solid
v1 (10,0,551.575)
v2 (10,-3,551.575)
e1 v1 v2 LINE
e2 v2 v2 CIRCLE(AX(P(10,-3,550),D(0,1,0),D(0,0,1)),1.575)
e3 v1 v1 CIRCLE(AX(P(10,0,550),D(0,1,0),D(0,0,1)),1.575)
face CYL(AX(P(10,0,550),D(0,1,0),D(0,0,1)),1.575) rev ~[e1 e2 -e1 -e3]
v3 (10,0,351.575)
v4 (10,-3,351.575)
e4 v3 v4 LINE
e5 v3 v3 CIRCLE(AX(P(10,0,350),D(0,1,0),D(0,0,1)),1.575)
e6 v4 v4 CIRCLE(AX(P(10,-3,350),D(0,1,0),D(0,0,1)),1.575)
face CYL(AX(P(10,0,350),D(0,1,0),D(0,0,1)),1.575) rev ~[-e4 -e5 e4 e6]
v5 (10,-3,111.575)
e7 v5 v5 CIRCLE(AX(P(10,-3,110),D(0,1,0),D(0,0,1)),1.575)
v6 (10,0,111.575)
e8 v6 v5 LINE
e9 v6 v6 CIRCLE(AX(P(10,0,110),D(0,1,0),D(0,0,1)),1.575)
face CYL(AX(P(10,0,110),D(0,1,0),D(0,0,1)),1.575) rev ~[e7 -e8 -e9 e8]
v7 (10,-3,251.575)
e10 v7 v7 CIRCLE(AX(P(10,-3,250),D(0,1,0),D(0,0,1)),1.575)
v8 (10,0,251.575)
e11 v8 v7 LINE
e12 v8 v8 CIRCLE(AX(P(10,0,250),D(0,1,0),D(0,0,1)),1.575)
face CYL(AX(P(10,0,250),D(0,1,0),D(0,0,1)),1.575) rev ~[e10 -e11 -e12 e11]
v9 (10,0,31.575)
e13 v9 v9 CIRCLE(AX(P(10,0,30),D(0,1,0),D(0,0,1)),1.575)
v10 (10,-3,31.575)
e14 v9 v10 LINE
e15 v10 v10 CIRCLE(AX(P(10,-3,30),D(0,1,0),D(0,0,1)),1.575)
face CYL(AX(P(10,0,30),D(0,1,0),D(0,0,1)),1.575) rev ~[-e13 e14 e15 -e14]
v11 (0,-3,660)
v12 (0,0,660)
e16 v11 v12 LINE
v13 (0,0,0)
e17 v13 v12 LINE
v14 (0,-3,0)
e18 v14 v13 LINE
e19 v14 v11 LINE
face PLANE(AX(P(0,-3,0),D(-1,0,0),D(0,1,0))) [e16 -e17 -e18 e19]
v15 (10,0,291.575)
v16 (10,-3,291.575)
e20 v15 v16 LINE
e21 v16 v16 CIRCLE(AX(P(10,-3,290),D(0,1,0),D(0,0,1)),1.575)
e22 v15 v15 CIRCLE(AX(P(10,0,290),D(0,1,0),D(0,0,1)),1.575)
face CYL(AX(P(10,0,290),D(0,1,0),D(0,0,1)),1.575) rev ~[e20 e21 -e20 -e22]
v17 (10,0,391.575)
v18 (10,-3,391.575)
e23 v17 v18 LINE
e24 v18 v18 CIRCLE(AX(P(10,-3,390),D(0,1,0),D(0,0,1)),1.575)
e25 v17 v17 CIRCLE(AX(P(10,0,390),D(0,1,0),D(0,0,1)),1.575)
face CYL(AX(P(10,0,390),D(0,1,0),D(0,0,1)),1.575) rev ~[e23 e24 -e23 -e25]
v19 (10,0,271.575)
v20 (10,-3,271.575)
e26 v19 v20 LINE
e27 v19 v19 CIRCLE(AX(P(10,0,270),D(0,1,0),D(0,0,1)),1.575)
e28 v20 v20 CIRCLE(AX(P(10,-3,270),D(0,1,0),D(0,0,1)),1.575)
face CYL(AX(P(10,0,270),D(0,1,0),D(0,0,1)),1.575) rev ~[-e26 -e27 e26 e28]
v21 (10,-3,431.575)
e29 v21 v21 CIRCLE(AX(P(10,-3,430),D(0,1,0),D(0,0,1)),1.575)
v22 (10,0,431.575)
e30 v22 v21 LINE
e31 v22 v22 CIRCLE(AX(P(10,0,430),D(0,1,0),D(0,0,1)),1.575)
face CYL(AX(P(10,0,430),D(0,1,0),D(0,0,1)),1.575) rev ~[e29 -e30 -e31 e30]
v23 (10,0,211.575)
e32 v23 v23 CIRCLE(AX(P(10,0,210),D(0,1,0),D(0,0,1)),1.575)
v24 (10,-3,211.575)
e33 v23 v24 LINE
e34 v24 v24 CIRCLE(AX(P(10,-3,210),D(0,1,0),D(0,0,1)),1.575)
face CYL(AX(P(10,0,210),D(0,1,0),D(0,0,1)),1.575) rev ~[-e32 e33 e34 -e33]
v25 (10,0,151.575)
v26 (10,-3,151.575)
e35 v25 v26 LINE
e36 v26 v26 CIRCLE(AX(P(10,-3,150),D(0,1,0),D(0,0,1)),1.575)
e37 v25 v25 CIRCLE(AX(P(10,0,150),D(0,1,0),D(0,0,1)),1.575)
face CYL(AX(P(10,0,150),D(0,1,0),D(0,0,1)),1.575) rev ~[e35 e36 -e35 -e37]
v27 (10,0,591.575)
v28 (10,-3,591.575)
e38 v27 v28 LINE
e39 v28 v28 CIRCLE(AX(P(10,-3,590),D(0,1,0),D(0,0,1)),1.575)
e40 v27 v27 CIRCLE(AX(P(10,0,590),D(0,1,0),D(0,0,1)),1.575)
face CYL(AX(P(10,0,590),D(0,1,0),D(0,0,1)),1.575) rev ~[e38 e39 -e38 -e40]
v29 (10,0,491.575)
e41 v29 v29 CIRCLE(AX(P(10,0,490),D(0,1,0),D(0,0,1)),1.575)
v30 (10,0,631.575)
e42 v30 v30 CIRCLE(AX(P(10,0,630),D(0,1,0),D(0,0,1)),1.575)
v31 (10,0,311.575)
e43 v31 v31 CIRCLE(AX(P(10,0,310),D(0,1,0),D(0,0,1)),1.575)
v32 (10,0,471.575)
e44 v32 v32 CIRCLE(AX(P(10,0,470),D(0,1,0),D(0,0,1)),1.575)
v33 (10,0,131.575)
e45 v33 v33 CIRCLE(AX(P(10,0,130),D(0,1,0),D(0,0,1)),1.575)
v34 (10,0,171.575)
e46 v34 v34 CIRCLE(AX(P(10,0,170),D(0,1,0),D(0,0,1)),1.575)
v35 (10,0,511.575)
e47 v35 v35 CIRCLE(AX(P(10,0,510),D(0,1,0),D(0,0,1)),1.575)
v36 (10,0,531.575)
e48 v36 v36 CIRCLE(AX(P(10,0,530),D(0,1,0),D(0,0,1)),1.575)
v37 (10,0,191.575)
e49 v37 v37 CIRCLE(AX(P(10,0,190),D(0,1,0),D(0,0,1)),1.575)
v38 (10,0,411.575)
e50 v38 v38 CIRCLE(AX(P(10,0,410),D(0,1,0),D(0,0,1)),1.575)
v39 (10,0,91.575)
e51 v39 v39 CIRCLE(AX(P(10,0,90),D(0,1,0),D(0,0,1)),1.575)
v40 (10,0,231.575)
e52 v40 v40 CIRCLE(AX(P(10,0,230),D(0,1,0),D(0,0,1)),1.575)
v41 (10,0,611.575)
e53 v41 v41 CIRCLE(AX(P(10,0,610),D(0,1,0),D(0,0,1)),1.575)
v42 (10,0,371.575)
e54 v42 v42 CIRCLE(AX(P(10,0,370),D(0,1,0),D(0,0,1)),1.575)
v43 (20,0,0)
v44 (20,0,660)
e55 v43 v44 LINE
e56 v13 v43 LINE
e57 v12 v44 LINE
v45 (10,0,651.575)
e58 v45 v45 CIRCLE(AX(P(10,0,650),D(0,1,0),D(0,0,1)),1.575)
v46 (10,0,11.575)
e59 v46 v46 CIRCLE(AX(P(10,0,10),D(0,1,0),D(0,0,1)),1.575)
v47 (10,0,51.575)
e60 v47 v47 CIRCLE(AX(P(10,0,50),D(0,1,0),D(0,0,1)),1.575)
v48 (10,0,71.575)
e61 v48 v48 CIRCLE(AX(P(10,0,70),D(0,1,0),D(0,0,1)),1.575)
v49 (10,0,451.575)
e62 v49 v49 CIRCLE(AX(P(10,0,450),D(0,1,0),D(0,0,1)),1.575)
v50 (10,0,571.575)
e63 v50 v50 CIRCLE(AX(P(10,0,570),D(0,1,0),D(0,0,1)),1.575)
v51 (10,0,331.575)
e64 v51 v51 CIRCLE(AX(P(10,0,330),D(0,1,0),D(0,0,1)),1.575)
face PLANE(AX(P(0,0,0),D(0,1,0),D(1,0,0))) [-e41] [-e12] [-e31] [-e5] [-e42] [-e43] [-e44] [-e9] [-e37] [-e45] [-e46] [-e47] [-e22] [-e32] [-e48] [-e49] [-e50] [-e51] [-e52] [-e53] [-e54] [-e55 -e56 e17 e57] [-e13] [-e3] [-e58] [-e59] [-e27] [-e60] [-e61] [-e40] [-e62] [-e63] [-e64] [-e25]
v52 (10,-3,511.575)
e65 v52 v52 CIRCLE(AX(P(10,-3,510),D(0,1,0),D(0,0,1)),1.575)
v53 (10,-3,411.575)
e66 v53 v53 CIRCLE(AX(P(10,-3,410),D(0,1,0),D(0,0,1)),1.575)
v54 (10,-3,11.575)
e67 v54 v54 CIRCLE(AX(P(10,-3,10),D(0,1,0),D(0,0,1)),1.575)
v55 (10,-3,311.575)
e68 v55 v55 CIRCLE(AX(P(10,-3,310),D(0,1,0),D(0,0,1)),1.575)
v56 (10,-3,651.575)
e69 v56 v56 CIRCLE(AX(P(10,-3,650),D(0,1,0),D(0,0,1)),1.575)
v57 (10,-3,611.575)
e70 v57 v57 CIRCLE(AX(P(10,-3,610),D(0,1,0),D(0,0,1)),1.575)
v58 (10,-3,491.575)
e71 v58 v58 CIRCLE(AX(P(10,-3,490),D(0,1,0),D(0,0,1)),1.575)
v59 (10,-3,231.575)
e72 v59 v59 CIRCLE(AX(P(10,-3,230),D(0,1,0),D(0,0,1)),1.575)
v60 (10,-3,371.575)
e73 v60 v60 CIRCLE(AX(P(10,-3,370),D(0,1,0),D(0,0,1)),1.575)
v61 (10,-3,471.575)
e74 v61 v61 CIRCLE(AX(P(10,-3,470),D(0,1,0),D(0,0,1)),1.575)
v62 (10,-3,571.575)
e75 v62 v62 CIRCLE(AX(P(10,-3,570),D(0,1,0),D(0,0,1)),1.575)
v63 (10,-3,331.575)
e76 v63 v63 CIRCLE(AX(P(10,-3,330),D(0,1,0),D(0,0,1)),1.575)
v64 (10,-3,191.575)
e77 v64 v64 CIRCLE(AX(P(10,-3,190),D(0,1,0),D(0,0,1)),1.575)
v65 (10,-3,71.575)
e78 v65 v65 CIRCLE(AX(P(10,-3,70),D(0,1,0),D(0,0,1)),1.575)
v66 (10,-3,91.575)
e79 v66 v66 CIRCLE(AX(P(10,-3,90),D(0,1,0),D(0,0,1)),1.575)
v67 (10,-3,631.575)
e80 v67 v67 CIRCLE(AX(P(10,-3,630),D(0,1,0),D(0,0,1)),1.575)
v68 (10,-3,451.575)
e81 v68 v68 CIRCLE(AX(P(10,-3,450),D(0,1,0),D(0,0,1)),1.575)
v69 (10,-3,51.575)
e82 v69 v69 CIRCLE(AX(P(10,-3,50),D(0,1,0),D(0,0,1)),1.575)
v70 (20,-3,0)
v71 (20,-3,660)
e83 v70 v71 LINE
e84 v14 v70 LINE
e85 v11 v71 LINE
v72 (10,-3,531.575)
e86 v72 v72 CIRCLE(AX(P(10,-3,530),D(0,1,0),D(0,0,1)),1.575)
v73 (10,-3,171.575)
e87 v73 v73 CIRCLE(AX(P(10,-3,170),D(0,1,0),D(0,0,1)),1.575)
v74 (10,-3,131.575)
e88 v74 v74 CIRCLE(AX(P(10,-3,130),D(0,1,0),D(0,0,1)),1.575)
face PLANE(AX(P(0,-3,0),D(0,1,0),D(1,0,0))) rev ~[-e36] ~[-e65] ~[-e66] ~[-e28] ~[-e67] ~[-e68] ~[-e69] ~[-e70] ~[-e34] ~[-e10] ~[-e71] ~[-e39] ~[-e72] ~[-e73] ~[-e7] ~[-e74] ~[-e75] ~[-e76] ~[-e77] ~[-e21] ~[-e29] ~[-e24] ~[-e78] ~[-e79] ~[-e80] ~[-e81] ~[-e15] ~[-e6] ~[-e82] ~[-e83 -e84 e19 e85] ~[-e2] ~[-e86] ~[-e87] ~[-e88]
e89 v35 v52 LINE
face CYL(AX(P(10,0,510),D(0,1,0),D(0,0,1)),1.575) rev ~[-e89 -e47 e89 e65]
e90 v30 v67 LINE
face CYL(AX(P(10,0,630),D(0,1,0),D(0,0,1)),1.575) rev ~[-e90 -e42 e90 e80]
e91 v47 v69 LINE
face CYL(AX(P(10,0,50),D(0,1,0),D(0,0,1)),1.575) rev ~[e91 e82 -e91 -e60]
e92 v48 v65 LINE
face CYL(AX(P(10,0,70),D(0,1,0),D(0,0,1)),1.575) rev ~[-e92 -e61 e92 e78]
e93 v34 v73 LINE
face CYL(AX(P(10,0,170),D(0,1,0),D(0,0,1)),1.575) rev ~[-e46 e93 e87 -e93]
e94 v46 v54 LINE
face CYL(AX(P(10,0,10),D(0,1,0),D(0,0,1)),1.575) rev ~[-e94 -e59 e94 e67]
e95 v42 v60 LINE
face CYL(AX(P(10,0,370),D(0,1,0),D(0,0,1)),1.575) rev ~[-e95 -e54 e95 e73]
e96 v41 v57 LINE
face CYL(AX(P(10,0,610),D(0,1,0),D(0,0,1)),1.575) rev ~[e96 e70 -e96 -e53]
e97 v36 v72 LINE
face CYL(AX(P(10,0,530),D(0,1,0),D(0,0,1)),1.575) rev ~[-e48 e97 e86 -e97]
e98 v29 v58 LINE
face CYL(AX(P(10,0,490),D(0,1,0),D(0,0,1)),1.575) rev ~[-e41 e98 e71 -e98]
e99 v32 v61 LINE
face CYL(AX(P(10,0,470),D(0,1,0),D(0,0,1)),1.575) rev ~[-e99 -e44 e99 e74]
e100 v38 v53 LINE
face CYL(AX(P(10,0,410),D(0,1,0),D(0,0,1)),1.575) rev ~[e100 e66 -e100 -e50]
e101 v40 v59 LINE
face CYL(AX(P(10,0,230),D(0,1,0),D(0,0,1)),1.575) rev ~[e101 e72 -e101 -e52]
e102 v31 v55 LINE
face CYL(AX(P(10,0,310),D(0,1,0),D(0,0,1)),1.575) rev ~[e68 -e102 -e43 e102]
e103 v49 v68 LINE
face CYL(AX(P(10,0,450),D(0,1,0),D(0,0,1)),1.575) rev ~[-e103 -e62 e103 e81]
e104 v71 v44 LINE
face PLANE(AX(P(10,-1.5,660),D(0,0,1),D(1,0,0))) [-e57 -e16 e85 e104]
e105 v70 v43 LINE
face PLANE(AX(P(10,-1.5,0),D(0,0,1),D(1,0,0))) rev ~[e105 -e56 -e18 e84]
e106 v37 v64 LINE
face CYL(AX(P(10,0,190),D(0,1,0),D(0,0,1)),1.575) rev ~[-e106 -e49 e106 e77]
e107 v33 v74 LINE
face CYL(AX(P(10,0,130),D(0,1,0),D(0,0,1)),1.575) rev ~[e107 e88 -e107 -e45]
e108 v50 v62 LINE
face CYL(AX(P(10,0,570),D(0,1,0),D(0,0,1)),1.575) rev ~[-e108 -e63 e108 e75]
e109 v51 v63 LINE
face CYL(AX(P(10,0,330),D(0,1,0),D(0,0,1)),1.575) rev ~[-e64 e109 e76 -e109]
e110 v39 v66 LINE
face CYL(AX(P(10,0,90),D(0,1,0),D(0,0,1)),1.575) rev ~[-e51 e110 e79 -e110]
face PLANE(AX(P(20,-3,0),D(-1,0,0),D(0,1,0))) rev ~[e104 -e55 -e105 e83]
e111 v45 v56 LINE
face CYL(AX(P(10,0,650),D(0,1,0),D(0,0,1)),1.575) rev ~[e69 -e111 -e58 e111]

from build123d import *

# Parameters (mm, degrees)
SKETCH_1_W          = 20
SKETCH_1_H          = 3
EXTRUDE_1_DEPTH     = 660
SKETCH_2_R          = 1.575
CUT_EXTRUDE_1_DEPTH = 661.309775787


with BuildPart() as part:
    # 草图1 → 凸台-拉伸1 (new body)
    with BuildSketch(Plane.XY):
        with Locations((10, -1.5)):
            Rectangle(SKETCH_1_W, SKETCH_1_H)
    extrude(amount=EXTRUDE_1_DEPTH)

    # 草图2 → 切除-拉伸1 (cut, through all)
    with BuildSketch(Plane(origin=(0, 0, 0), x_dir=(1, 0, 0), z_dir=(0, 1, 0))):
        with Locations(Location((10, -10, 0), (0, 0, 270))):
            Circle(SKETCH_2_R)
        with Locations(Location((10, -30, 0), (0, 0, 270))):
            Circle(SKETCH_2_R)
        with Locations(Location((10, -50, 0), (0, 0, 270))):
            Circle(SKETCH_2_R)
        with Locations(Location((10, -70, 0), (0, 0, 270))):
            Circle(SKETCH_2_R)
        with Locations(Location((10, -90, 0), (0, 0, 270))):
            Circle(SKETCH_2_R)
        with Locations(Location((10, -110, 0), (0, 0, 270))):
            Circle(SKETCH_2_R)
        with Locations(Location((10, -130, 0), (0, 0, 270))):
            Circle(SKETCH_2_R)
        with Locations(Location((10, -150, 0), (0, 0, 270))):
            Circle(SKETCH_2_R)
        with Locations(Location((10, -170, 0), (0, 0, 270))):
            Circle(SKETCH_2_R)
        with Locations(Location((10, -190, 0), (0, 0, 270))):
            Circle(SKETCH_2_R)
        with Locations(Location((10, -210, 0), (0, 0, 270))):
            Circle(SKETCH_2_R)
        with Locations(Location((10, -230, 0), (0, 0, 270))):
            Circle(SKETCH_2_R)
        with Locations(Location((10, -250, 0), (0, 0, 270))):
            Circle(SKETCH_2_R)
        with Locations(Location((10, -270, 0), (0, 0, 270))):
            Circle(SKETCH_2_R)
        with Locations(Location((10, -290, 0), (0, 0, 270))):
            Circle(SKETCH_2_R)
        with Locations(Location((10, -310, 0), (0, 0, 270))):
            Circle(SKETCH_2_R)
        with Locations(Location((10, -330, 0), (0, 0, 270))):
            Circle(SKETCH_2_R)
        with Locations(Location((10, -350, 0), (0, 0, 270))):
            Circle(SKETCH_2_R)
        with Locations(Location((10, -370, 0), (0, 0, 270))):
            Circle(SKETCH_2_R)
        with Locations(Location((10, -390, 0), (0, 0, 270))):
            Circle(SKETCH_2_R)
        with Locations(Location((10, -410, 0), (0, 0, 270))):
            Circle(SKETCH_2_R)
        with Locations(Location((10, -430, 0), (0, 0, 270))):
            Circle(SKETCH_2_R)
        with Locations(Location((10, -450, 0), (0, 0, 270))):
            Circle(SKETCH_2_R)
        with Locations(Location((10, -470, 0), (0, 0, 270))):
            Circle(SKETCH_2_R)
        with Locations(Location((10, -490, 0), (0, 0, 270))):
            Circle(SKETCH_2_R)
        with Locations(Location((10, -510, 0), (0, 0, 270))):
            Circle(SKETCH_2_R)
        with Locations(Location((10, -530, 0), (0, 0, 270))):
            Circle(SKETCH_2_R)
        with Locations(Location((10, -550, 0), (0, 0, 270))):
            Circle(SKETCH_2_R)
        with Locations(Location((10, -570, 0), (0, 0, 270))):
            Circle(SKETCH_2_R)
        with Locations(Location((10, -590, 0), (0, 0, 270))):
            Circle(SKETCH_2_R)
        with Locations(Location((10, -610, 0), (0, 0, 270))):
            Circle(SKETCH_2_R)
        with Locations(Location((10, -630, 0), (0, 0, 270))):
            Circle(SKETCH_2_R)
        with Locations(Location((10, -650, 0), (0, 0, 270))):
            Circle(SKETCH_2_R)
    extrude(amount=-CUT_EXTRUDE_1_DEPTH, mode=Mode.SUBTRACT)


solid = part.part
